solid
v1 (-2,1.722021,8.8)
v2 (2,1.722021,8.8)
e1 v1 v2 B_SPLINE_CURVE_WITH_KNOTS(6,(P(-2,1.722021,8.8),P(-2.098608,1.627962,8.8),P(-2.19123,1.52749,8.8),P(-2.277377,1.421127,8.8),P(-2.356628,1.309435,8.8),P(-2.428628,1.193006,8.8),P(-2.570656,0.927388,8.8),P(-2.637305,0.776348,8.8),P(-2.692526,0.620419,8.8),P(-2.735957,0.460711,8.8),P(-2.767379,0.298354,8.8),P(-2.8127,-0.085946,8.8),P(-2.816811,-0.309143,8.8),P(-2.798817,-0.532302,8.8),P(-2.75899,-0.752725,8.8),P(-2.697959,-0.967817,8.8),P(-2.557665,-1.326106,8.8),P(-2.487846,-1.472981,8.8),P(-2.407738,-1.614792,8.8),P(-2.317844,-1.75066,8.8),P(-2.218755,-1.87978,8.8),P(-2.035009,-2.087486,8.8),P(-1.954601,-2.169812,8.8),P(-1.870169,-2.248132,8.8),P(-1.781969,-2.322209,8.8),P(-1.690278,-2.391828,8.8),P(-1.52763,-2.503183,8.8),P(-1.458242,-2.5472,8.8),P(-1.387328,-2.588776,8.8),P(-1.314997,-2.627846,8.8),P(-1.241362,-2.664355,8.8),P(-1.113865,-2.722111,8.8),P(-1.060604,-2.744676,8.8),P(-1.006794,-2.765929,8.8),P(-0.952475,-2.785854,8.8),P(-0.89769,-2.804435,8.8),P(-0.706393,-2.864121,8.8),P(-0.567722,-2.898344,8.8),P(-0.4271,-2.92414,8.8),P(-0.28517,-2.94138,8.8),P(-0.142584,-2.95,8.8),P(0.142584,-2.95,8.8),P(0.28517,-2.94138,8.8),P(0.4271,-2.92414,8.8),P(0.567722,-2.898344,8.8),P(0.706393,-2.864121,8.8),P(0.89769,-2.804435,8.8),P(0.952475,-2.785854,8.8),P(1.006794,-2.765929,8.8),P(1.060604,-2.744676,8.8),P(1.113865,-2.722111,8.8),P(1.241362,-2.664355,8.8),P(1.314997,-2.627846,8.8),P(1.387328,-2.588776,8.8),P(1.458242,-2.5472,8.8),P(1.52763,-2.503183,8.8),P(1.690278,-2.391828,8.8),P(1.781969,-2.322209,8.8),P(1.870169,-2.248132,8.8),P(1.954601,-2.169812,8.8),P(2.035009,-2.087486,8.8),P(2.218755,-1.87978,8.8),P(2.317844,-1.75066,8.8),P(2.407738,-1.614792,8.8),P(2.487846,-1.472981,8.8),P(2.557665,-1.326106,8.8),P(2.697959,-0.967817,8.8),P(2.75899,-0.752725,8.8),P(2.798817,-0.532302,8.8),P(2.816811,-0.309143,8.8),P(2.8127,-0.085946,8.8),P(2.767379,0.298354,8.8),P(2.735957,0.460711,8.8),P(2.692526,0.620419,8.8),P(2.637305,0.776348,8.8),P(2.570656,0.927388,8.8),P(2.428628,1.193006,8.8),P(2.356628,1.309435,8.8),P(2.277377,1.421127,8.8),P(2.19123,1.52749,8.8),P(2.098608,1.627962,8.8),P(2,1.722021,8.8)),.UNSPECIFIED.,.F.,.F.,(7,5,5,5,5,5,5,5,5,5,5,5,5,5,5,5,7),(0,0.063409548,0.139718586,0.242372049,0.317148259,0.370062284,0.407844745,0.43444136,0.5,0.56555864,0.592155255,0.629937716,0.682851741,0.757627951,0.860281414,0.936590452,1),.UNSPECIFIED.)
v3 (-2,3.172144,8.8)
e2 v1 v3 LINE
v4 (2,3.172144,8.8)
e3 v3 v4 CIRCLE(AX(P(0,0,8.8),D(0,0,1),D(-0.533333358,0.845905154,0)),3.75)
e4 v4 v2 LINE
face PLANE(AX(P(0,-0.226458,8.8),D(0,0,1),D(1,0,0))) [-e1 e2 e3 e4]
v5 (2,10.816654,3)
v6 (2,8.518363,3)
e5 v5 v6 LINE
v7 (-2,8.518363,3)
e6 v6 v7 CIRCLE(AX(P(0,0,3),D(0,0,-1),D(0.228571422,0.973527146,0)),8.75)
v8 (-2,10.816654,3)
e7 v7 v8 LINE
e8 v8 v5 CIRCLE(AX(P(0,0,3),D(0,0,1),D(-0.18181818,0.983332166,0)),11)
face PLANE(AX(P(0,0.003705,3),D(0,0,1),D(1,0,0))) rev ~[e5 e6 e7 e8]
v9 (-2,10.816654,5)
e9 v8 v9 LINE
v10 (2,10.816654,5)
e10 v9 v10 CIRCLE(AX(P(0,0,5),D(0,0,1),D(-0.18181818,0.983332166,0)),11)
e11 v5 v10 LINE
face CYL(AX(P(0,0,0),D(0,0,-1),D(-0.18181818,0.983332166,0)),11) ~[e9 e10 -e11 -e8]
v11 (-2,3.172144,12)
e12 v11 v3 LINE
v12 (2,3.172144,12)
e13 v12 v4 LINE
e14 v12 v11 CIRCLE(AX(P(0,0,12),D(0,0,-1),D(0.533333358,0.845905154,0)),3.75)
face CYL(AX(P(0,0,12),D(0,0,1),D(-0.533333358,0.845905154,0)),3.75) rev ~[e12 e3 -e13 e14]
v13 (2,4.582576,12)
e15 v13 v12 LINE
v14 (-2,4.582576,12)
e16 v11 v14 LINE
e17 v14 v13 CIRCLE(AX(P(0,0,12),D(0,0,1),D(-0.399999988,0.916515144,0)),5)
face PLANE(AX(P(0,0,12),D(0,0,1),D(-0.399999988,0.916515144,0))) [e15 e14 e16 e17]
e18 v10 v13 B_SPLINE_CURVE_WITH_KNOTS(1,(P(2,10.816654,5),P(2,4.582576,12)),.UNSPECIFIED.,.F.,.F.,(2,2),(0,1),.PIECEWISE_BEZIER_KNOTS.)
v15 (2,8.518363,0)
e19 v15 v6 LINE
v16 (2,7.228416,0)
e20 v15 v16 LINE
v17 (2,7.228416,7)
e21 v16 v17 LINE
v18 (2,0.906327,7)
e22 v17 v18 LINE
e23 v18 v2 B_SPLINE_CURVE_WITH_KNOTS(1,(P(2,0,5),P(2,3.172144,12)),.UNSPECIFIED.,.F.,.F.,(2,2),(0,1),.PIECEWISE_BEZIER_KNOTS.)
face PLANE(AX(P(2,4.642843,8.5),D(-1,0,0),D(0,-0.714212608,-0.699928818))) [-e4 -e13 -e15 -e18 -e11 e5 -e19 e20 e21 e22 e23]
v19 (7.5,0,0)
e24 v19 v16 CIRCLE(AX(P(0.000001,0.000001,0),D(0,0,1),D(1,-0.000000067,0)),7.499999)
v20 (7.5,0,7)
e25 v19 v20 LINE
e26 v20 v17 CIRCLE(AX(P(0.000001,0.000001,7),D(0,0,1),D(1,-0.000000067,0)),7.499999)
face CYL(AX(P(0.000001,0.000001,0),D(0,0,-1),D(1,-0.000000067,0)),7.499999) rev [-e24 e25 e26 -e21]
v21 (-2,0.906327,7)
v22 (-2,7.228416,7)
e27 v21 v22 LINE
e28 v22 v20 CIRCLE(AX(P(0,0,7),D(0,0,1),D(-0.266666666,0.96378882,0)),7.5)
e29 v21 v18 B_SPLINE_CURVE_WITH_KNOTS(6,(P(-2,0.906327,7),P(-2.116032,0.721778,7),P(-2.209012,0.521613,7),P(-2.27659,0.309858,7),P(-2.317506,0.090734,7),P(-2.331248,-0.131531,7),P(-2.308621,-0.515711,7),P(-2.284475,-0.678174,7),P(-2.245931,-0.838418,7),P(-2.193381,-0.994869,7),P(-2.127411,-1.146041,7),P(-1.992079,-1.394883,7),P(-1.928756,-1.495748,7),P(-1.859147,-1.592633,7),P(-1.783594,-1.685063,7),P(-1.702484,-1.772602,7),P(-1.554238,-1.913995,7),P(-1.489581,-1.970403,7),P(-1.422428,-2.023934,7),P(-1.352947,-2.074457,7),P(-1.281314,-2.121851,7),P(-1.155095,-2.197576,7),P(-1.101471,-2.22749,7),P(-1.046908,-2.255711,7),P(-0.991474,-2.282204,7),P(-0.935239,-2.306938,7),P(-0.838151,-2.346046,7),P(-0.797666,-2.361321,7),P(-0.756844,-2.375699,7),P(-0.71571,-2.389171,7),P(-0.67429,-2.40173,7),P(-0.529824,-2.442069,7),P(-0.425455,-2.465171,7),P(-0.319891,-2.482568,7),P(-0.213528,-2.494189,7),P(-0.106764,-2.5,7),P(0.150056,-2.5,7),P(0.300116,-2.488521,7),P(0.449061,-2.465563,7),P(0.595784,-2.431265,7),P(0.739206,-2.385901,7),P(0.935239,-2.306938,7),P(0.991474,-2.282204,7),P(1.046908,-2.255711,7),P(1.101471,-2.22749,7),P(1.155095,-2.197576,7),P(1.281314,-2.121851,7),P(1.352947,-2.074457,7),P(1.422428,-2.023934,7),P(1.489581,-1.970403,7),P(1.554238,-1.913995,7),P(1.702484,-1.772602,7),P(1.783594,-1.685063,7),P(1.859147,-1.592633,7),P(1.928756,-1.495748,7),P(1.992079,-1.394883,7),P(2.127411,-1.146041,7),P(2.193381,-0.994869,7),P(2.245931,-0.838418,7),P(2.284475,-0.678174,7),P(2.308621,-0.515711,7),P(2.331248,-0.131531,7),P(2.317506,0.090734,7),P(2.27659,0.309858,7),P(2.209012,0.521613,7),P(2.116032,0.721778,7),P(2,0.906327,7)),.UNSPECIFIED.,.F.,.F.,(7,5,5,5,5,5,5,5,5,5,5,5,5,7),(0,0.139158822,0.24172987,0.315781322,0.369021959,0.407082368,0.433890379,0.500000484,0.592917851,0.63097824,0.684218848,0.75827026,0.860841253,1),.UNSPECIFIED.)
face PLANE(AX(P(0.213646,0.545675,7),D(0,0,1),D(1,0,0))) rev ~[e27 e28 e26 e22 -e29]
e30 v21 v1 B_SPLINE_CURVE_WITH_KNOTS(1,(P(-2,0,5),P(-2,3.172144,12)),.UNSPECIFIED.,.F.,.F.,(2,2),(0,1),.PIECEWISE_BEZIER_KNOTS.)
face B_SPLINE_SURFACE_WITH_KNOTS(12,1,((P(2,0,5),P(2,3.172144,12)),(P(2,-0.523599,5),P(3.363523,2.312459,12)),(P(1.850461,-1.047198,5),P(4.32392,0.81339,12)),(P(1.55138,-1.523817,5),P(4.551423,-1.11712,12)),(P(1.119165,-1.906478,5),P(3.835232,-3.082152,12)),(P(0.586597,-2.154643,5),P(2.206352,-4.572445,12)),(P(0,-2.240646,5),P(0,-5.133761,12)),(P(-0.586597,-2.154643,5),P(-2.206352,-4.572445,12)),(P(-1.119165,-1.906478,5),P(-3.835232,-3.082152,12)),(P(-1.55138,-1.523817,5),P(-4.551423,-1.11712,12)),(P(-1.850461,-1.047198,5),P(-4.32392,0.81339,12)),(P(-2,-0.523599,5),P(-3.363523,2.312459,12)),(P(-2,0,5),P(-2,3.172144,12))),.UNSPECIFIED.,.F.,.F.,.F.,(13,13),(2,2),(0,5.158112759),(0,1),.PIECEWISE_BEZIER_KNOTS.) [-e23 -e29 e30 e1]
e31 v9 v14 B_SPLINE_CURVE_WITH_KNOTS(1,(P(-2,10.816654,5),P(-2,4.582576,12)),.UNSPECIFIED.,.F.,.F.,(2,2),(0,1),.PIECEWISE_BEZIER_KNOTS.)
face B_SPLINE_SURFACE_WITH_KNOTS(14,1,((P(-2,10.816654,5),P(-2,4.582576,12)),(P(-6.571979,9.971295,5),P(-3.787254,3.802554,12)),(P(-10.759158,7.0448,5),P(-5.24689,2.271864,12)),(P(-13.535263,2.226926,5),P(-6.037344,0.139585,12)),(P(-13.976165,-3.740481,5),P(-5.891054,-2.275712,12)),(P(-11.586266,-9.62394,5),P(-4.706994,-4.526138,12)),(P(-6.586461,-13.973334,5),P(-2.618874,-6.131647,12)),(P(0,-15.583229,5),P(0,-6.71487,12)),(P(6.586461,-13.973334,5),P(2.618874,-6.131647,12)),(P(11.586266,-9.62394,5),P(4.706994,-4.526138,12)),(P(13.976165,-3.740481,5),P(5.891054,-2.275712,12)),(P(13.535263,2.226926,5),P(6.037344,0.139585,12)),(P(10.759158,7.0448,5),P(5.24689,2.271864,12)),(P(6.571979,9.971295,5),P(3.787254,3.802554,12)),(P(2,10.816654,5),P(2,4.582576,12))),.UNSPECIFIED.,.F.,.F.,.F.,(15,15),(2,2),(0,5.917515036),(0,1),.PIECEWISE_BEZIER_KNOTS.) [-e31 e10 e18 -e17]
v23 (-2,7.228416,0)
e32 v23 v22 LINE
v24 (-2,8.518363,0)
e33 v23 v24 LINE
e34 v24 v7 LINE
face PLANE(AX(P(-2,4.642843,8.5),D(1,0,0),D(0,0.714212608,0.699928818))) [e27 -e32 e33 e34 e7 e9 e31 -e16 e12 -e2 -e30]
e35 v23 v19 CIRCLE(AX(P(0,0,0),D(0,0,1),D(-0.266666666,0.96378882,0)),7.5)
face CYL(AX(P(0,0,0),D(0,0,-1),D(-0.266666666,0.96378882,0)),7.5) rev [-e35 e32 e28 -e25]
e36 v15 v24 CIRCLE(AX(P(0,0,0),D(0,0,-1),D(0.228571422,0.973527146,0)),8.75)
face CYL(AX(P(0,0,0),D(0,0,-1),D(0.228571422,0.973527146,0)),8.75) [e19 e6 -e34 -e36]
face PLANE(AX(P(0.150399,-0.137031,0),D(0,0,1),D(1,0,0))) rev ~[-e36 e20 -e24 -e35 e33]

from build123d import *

# Parameters (mm, degrees)
F1_DEPTH = 5
F5_DEPTH = 3
F6_DEPTH = 3.2
F7_DEPTH = 7


with BuildPart() as f1:
    # F0 (on Top) → F1 (new body)
    with BuildSketch(Plane.XY):
        with BuildLine():
            Line((-2, 7.228416), (-2, 8.518363))
            ThreePointArc((-2, 8.518363), (0, -8.75), (2, 8.518363))
            Line((2, 8.518363), (2, 7.228416))
            ThreePointArc((2, 7.228416), (5.968668, 4.541476), (7.5, 0))
            ThreePointArc((7.5, 0), (-4.541476, -5.968668), (-2, 7.228416))
        make_face()
        with BuildLine():
            Line((-2, 8.518363), (-2, 10.816654))
            ThreePointArc((-2, 10.816654), (0, -11), (2, 10.816654))
            Line((2, 10.816654), (2, 8.518363))
            ThreePointArc((2, 8.518363), (0, -8.75), (-2, 8.518363))
        make_face()
        with BuildLine():
            Line((-2, 0), (-2, 7.228416))
            ThreePointArc((-2, 7.228416), (-4.541476, -5.968668), (7.5, 0))
            ThreePointArc((7.5, 0), (5.968668, 4.541476), (2, 7.228416))
            Line((2, 7.228416), (2, 0))
            ThreePointArc((2, 0), (0, -2), (-2, 0))
        make_face()
    extrude(amount=F1_DEPTH)

    # F1_face (on face) → F4 section 0
    with BuildSketch(Plane(origin=(0, -0.708891, 5), x_dir=(1, 0, 0), z_dir=(0, 0, 1))):
        with BuildLine():
            Line((-2, 0.708891), (-2, 11.525545))
            ThreePointArc((-2, 11.525545), (0, -10.291109), (2, 11.525545))
            Line((2, 11.525545), (2, 0.708891))
            ThreePointArc((2, 0.708891), (0, -1.291109), (-2, 0.708891))
        make_face()
    # F3 (on offset) → F4 section 1
    with BuildSketch(Plane.XY.offset(12)):
        with BuildLine():
            ThreePointArc((2, 3.172144), (0, -3.75), (-2, 3.172144))
            Line((-2, 3.172144), (-2, 4.582576))
            ThreePointArc((-2, 4.582576), (0, -5), (2, 4.582576))
            Line((2, 4.582576), (2, 3.172144))
        make_face()
    loft()

    # F0 (on Top) → F5 (cut)
    with BuildSketch(Plane.XY):
        with BuildLine():
            Line((-2, 8.518363), (-2, 10.816654))
            ThreePointArc((-2, 10.816654), (0, -11), (2, 10.816654))
            Line((2, 10.816654), (2, 8.518363))
            ThreePointArc((2, 8.518363), (0, -8.75), (-2, 8.518363))
        make_face()
    extrude(amount=F5_DEPTH, mode=Mode.SUBTRACT)

    # F3 (on offset) → F6 (cut)
    with BuildSketch(Plane.XY.offset(12)):
        with BuildLine():
            ThreePointArc((2, 0), (0, -2), (-2, 0))
            Line((-2, 0), (-2, 3.172144))
            ThreePointArc((-2, 3.172144), (0, -3.75), (2, 3.172144))
            Line((2, 3.172144), (2, 0))
        make_face()
    extrude(amount=-F6_DEPTH, mode=Mode.SUBTRACT)

    # F0 (on Top) → F7 (cut)
    with BuildSketch(Plane.XY):
        with BuildLine():
            Line((-2, 0), (-2, 7.228416))
            ThreePointArc((-2, 7.228416), (-4.541476, -5.968668), (7.5, 0))
            ThreePointArc((7.5, 0), (5.968668, 4.541476), (2, 7.228416))
            Line((2, 7.228416), (2, 0))
            ThreePointArc((2, 0), (0, -2), (-2, 0))
        make_face()
    extrude(amount=F7_DEPTH, mode=Mode.SUBTRACT)


solid = f1.part
